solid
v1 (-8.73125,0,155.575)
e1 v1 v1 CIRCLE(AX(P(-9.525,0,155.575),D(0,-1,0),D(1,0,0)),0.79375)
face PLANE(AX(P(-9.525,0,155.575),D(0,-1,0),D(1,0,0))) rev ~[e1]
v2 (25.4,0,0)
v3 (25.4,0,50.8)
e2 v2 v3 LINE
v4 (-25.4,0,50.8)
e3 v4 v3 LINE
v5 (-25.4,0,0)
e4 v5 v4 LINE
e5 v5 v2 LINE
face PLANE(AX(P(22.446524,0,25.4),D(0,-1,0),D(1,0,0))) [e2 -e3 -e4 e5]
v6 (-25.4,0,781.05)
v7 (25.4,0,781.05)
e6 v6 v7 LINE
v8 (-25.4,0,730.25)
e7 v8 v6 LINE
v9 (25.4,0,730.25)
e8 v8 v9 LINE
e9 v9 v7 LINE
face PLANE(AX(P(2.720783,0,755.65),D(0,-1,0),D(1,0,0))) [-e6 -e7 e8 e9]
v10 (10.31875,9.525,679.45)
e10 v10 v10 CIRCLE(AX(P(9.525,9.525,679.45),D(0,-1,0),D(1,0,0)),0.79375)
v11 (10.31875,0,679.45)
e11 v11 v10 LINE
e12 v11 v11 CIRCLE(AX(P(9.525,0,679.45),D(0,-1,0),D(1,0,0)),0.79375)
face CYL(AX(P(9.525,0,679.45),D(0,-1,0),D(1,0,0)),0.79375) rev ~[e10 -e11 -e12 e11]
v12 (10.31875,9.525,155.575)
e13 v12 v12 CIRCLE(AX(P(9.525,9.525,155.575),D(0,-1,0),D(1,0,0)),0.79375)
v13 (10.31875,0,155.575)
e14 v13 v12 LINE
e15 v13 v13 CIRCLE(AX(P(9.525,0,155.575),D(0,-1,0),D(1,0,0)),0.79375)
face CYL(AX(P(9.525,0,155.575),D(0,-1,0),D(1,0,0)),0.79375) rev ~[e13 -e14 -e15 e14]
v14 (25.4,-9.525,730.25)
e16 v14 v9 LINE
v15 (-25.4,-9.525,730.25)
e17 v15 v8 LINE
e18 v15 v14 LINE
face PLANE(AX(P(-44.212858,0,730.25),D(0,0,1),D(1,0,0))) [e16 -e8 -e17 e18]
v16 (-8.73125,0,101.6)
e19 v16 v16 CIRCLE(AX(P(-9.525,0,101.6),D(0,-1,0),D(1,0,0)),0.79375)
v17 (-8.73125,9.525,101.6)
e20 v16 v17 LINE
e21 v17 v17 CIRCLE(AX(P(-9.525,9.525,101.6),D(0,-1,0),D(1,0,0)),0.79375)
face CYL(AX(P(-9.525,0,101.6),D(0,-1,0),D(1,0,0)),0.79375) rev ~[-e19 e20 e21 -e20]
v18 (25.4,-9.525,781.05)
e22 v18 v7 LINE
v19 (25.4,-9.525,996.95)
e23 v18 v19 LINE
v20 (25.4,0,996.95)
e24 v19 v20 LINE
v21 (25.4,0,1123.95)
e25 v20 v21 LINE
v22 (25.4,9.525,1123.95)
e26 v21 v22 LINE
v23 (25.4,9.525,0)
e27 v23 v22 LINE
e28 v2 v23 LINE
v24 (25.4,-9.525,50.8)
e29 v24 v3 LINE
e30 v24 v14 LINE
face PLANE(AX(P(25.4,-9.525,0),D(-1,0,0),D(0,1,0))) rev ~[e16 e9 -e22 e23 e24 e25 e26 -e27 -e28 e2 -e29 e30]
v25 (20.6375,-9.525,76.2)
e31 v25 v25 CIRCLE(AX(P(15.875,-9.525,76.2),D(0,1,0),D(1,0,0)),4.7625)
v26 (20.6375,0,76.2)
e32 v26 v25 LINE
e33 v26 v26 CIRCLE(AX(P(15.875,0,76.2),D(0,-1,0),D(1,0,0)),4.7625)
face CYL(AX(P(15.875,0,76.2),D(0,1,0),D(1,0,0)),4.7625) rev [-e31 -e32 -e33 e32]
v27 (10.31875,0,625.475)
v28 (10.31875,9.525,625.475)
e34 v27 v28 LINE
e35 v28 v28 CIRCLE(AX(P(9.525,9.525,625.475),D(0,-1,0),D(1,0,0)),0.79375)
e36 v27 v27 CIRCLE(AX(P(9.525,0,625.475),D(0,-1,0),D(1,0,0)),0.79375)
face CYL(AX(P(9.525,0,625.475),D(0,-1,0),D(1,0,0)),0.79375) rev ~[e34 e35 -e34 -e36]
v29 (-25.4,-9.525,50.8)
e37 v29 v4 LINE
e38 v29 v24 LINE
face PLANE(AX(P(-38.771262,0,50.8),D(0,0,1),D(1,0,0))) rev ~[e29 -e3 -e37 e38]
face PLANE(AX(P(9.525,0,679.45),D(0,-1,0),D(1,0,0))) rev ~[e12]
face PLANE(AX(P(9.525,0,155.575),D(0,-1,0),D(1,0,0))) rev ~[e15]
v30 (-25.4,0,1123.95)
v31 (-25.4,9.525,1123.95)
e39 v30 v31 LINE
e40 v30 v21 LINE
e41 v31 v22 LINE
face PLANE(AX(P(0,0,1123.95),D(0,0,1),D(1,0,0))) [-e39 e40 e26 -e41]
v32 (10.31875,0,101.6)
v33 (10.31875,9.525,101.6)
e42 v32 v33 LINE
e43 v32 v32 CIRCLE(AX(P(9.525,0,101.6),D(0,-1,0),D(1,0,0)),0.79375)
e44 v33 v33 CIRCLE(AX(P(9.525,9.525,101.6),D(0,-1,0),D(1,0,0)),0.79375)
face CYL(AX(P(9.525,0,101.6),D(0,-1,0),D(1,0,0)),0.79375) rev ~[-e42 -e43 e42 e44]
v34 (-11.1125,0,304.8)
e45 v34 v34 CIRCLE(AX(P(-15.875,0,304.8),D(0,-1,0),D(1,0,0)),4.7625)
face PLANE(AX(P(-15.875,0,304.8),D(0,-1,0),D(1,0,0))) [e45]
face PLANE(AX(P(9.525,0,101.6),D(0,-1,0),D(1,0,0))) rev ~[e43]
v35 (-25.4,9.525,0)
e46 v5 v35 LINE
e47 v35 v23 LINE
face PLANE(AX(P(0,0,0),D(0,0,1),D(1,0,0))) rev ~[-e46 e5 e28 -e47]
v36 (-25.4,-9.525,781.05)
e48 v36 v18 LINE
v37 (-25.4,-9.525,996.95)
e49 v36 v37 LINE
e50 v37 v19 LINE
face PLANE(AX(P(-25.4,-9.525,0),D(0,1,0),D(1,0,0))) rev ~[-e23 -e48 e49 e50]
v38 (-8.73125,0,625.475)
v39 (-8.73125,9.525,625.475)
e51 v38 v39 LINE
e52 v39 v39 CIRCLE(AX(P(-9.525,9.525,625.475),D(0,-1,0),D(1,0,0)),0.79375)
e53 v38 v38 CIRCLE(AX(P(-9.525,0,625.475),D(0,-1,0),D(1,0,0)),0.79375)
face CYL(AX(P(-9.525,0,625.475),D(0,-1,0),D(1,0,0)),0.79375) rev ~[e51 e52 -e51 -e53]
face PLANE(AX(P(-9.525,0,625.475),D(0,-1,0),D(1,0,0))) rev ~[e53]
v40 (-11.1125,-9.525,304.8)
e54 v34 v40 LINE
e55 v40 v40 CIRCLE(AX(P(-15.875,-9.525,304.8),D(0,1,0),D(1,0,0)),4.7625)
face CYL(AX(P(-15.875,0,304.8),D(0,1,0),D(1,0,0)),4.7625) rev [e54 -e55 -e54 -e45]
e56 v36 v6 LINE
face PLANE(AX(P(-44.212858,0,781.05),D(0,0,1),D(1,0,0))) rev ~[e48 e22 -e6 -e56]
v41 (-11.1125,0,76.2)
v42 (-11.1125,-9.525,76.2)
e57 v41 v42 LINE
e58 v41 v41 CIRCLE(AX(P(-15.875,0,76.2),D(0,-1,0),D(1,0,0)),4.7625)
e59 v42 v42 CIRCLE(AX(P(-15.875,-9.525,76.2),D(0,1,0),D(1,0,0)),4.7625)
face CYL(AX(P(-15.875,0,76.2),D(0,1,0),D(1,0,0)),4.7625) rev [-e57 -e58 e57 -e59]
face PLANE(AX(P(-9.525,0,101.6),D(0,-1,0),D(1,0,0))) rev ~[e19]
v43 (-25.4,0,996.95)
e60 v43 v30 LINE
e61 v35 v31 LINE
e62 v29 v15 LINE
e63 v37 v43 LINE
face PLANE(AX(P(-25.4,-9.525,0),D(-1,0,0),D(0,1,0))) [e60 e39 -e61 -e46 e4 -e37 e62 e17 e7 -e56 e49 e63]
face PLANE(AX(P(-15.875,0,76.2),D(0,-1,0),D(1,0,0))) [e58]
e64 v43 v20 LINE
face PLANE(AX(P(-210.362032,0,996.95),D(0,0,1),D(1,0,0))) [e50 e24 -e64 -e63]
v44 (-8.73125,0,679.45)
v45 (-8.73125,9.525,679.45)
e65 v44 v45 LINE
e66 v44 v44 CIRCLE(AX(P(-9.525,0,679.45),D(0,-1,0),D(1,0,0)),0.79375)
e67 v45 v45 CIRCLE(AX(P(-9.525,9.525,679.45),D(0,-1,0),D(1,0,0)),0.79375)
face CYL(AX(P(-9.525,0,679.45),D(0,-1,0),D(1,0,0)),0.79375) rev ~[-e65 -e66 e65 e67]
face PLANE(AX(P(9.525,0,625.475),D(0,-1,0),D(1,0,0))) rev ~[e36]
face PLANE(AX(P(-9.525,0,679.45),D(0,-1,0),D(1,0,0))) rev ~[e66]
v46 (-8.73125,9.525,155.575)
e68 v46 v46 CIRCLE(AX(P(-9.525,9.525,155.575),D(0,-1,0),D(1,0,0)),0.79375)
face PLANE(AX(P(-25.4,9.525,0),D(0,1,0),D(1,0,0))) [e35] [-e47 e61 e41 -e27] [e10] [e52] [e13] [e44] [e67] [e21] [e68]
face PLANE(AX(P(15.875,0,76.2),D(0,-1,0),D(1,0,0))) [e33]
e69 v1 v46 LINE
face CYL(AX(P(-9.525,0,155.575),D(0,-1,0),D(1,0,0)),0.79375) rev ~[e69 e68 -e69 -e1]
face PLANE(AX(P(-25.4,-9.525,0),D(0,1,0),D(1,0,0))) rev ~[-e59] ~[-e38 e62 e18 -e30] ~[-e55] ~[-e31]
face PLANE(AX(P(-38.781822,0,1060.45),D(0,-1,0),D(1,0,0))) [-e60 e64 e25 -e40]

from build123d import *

# Parameters (mm, degrees)
F0_W     = 50.8
F0_H     = 19.05
F1_DEPTH = 1123.95
F2_W     = 122.435573
F2_H     = 50.8
F2_W_2   = 93.867282
F2_W_3   = 343.160421
F2_H_2   = 127
F3_DEPTH = 25.4
F4_R     = 0.79375
F5_DEPTH = 25.4
F6_R     = 4.7625
F7_DEPTH = 25.4


with BuildPart() as f1:
    # F0 (on Top) → F1 (new body)
    with BuildSketch(Plane.XY):
        Rectangle(F0_W, F0_H)
    extrude(amount=F1_DEPTH)

    # F2 (on Front) → F3 (cut)
    with BuildSketch(Plane.XZ):
        with Locations((22.446524, 25.4)):
            Rectangle(F2_W, F2_H)
        with Locations((2.720783, 755.65)):
            Rectangle(F2_W_2, F2_H)
        with Locations((-38.781822, 1060.45)):
            Rectangle(F2_W_3, F2_H_2)
    extrude(amount=F3_DEPTH, mode=Mode.SUBTRACT)

    # F4 (on Front) → F5 (cut)
    with BuildSketch(Plane.XZ):
        with Locations((9.525, 101.6)):
            Circle(F4_R)
        with Locations((9.525, 155.575)):
            Circle(F4_R)
        with Locations((9.525, 625.475)):
            Circle(F4_R)
        with Locations((9.525, 679.45)):
            Circle(F4_R)
        with Locations((-9.525, 625.475)):
            Circle(F4_R)
        with Locations((-9.525, 679.45)):
            Circle(F4_R)
        with Locations((-9.525, 101.6)):
            Circle(F4_R)
        with Locations((-9.525, 155.575)):
            Circle(F4_R)
    extrude(amount=-F5_DEPTH, mode=Mode.SUBTRACT)

    # F6 (on Front) → F7 (cut)
    with BuildSketch(Plane.XZ):
        with Locations((15.875, 76.2)):
            Circle(F6_R)
        with Locations((-15.875, 76.2)):
            Circle(F6_R)
        with Locations((-15.875, 304.8)):
            Circle(F6_R)
    extrude(amount=F7_DEPTH, mode=Mode.SUBTRACT)


solid = f1.part
